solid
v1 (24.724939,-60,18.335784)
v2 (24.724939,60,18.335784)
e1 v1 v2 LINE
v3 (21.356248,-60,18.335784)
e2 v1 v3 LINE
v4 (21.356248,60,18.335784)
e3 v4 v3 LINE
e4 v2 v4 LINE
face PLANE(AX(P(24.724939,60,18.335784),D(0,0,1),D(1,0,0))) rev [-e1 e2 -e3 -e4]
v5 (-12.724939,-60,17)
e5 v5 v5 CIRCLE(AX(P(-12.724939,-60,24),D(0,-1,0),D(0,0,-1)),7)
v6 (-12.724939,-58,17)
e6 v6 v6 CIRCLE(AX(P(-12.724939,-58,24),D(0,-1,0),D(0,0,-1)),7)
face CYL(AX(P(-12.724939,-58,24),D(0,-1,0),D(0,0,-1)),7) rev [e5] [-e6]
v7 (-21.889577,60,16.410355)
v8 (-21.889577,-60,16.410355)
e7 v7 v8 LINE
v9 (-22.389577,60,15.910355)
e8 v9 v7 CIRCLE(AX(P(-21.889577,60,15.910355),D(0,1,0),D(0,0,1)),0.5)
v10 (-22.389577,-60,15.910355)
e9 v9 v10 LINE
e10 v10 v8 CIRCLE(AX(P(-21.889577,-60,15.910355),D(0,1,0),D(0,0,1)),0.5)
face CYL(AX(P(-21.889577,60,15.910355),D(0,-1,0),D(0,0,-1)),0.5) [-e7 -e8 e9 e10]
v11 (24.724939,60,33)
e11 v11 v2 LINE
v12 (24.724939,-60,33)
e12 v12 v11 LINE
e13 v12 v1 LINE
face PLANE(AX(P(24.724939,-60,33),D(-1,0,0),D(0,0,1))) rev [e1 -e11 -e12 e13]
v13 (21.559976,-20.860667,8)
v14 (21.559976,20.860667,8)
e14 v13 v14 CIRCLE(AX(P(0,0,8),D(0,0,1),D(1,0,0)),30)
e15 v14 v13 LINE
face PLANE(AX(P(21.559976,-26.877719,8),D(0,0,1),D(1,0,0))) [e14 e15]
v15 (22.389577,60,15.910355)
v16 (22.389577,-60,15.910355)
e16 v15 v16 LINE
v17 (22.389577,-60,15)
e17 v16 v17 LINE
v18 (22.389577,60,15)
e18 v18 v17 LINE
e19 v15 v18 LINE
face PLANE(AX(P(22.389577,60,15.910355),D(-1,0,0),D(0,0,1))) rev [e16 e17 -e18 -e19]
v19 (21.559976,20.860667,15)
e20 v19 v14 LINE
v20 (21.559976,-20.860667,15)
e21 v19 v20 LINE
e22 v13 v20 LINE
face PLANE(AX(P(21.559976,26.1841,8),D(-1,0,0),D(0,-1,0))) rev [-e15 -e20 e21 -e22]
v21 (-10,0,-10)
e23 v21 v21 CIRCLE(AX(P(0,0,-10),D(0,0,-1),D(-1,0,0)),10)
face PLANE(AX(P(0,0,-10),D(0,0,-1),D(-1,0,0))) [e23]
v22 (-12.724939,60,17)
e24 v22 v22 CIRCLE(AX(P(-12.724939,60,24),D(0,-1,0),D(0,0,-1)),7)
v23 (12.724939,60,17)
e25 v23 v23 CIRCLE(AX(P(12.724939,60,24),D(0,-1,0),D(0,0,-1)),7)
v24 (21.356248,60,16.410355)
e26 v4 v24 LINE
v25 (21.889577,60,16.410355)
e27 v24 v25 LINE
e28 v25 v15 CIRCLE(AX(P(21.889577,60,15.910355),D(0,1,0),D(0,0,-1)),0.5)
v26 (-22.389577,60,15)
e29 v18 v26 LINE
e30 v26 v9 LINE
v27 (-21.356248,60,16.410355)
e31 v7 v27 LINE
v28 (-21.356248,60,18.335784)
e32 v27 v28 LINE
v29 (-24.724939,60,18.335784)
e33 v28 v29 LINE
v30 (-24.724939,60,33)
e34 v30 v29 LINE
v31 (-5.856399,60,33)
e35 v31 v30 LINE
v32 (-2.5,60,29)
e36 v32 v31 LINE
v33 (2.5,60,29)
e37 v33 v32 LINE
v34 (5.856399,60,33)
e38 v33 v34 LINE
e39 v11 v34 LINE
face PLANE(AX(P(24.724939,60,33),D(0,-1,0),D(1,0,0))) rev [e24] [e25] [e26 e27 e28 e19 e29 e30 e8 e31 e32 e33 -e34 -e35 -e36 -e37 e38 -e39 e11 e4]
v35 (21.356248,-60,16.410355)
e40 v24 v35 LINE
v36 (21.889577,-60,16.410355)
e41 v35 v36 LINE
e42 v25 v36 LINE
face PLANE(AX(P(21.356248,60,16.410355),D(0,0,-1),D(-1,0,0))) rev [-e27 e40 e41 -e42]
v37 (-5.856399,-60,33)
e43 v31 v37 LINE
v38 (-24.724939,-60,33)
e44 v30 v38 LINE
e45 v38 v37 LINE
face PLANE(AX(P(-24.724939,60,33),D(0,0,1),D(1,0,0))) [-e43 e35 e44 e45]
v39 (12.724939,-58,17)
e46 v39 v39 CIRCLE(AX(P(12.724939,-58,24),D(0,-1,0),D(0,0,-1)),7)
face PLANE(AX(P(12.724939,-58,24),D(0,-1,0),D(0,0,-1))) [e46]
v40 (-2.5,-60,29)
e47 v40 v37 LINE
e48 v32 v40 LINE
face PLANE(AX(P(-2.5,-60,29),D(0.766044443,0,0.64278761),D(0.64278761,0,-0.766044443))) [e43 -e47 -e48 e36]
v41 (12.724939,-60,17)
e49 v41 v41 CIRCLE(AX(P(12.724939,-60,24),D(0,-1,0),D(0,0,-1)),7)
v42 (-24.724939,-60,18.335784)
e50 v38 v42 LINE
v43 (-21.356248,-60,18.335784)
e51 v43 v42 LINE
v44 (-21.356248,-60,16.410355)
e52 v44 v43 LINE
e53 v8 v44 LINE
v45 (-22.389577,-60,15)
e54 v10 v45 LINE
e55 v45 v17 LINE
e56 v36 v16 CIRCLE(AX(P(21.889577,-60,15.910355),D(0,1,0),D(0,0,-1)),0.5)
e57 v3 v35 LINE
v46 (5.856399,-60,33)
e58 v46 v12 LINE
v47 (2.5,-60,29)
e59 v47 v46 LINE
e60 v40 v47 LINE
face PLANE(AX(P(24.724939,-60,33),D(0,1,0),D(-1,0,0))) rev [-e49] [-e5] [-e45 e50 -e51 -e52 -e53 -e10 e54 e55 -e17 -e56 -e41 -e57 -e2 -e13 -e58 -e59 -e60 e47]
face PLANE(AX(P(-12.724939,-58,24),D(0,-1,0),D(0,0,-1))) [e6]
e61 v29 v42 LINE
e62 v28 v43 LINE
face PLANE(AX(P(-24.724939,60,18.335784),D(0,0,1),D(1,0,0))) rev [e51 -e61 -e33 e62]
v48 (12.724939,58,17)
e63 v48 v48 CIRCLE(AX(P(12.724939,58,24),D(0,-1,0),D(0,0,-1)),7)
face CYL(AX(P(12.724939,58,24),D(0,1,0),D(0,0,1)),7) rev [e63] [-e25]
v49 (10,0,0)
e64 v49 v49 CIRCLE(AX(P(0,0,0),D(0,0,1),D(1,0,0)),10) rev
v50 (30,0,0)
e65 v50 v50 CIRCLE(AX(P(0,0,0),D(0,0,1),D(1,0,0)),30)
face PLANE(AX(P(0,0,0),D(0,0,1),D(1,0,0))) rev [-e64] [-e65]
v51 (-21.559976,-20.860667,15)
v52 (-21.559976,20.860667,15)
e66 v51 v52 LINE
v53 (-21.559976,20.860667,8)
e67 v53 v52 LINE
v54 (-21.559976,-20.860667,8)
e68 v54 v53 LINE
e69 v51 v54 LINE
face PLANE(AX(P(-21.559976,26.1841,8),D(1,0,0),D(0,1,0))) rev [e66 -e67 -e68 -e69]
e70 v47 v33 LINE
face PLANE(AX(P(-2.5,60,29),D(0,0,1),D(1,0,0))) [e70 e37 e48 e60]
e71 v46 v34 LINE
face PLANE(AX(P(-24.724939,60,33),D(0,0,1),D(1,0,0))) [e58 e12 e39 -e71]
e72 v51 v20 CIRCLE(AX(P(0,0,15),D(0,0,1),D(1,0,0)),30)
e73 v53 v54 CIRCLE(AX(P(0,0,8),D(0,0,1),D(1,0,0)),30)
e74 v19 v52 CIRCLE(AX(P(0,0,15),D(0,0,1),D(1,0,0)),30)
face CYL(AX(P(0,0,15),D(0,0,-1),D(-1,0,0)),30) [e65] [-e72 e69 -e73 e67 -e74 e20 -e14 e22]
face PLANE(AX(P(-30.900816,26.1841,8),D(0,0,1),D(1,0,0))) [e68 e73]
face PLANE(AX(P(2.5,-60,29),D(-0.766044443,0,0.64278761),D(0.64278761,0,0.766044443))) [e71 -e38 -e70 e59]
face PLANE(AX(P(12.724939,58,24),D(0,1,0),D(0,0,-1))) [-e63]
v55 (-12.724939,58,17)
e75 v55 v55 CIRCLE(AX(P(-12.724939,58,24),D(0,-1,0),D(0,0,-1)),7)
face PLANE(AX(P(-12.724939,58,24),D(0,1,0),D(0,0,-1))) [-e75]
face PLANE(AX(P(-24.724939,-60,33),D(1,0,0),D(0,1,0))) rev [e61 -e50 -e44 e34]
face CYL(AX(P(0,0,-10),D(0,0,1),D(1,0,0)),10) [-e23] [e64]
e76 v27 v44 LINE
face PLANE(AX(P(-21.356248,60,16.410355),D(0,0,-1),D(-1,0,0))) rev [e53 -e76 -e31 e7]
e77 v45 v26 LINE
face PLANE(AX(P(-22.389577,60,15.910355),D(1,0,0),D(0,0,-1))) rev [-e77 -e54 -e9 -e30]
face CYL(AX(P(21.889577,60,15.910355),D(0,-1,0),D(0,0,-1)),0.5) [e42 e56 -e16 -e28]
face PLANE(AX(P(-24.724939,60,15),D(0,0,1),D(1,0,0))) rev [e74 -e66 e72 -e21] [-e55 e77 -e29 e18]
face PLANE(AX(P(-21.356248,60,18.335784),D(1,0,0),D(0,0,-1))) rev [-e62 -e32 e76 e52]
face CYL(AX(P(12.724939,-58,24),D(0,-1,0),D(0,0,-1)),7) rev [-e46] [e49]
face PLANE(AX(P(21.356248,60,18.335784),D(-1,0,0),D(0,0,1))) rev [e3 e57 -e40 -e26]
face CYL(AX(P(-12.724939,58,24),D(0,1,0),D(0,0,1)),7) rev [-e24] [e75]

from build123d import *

# Parameters (mm, degrees)
ESQUISSE1_R             = 30
BOSS_EXTRU_1_DEPTH      = 15
ESQUISSE2_W             = 9.340839883
ESQUISSE2_H             = 53.061818545
ENL_V_MAT_EXTRU_1_DEPTH = 7
ESQUISSE3_W             = 49.4498788
ESQUISSE3_H             = 120
BOSS_EXTRU_2_DEPTH      = 18
ESQUISSE4_R             = 7
ENL_V_MAT_EXTRU_2_DEPTH = 2
ENL_V_MAT_EXTRU_3_DEPTH = 129.01952976
ESQUISSE6_R             = 10
BOSS_EXTRU_3_DEPTH      = 10
ESQUISSE7_W             = 5
ESQUISSE7_H             = 120
ENL_V_MAT_EXTRU_4_DEPTH = 4
D_POUILLE1_ANGLE        = 40


with BuildPart() as part:
    # Esquisse1 → Boss.-Extru.1 (new body)
    with BuildSketch(Plane.XY):
        Circle(ESQUISSE1_R)
    extrude(amount=BOSS_EXTRU_1_DEPTH)

    # Esquisse2 → Enlèv. mat.-Extru.1 (cut)
    with BuildSketch(Plane.XY.offset(15)):
        with Locations((26.230396322, -0.346809271)):
            Rectangle(ESQUISSE2_W, ESQUISSE2_H)
        with Locations((-26.230396322, -0.346809271)):
            Rectangle(ESQUISSE2_W, ESQUISSE2_H)
    extrude(amount=-ENL_V_MAT_EXTRU_1_DEPTH, mode=Mode.SUBTRACT)

    # Esquisse3 → Boss.-Extru.2 (add)
    with BuildSketch(Plane.XY.offset(15)):
        Rectangle(ESQUISSE3_W, ESQUISSE3_H)
    extrude(amount=BOSS_EXTRU_2_DEPTH)

    # Esquisse4 → Enlèv. mat.-Extru.2 (cut)
    with BuildSketch(Plane.XZ.offset(60)):
        with Locations(Location((12.7249394, 24, 0), (0, 0, 270))):
            Circle(ESQUISSE4_R)
        with Locations(Location((-12.7249394, 24, 0), (0, 0, 270))):
            Circle(ESQUISSE4_R)
    enl_v_mat_extru_2 = extrude(amount=-ENL_V_MAT_EXTRU_2_DEPTH, mode=Mode.SUBTRACT)

    # Symétrie1: Enlèv. mat.-Extru.2 across plane
    add(enl_v_mat_extru_2.mirror(Plane.ZX), mode=Mode.SUBTRACT)

    # Esquisse5 → Enlèv. mat.-Extru.3 (cut, through all)
    with BuildSketch(Plane.XZ.offset(60)):
        with BuildLine():
            Line((24.7249394, 18.33578408), (21.356248325, 18.33578408))
            Line((21.356248325, 18.33578408), (21.356248325, 16.410354936))
            Line((21.356248325, 16.410354936), (21.889577151, 16.410354936))
            ThreePointArc((21.889577151, 16.410354936), (22.243130541, 16.263908326), (22.389577151, 15.910354936))
            Line((22.389577151, 15.910354936), (22.389577151, 15))
            Line((22.389577151, 15), (22.700668624, 13.139727122))
            Line((22.700668624, 13.139727122), (26.027148326, 13.139727122))
            Line((26.027148326, 13.139727122), (26.027148326, 18.33578408))
            Line((26.027148326, 18.33578408), (24.7249394, 18.33578408))
        make_face()
        with BuildLine():
            Line((-22.389577151, 15.910354936), (-22.389577151, 15))
            Line((-22.389577151, 15), (-22.389577151, 13.757493185))
            Line((-22.389577151, 13.757493185), (-25.545793937, 13.757493185))
            Line((-25.545793937, 13.757493185), (-25.842888818, 18.33578408))
            Line((-25.842888818, 18.33578408), (-24.7249394, 18.33578408))
            Line((-24.7249394, 18.33578408), (-21.356248325, 18.33578408))
            Line((-21.356248325, 18.33578408), (-21.356248325, 16.410354936))
            Line((-21.356248325, 16.410354936), (-21.889577151, 16.410354936))
            ThreePointArc((-21.889577151, 16.410354936), (-22.243130541, 16.263908326), (-22.389577151, 15.910354936))
        make_face()
    extrude(amount=-ENL_V_MAT_EXTRU_3_DEPTH, mode=Mode.SUBTRACT)

    # Esquisse6 → Boss.-Extru.3 (add)
    with BuildSketch(Plane(origin=(0, 0, 0), x_dir=(-1, 0, 0), z_dir=(0, 0, -1))):
        with Locations(Location((0, 0, 0), (0, 0, 180))):
            Circle(ESQUISSE6_R)
    extrude(amount=BOSS_EXTRU_3_DEPTH)

    # Esquisse7 → Enlèv. mat.-Extru.4 (cut)
    with BuildSketch(Plane.XY.offset(33)):
        Rectangle(ESQUISSE7_W, ESQUISSE7_H)
    extrude(amount=-ENL_V_MAT_EXTRU_4_DEPTH, mode=Mode.SUBTRACT)

    # Dépouille1
    d_pouille1_faces = [part.faces().sort_by_distance(p)[0] for p in [
        (-2.5, 0, 31),
        (2.5, 0, 31),
    ]]
    draft(d_pouille1_faces, Plane(origin=(-2.5, 60, 29), x_dir=(1, 0, 0), z_dir=(0, 0, 1)), D_POUILLE1_ANGLE)


solid = part.part
